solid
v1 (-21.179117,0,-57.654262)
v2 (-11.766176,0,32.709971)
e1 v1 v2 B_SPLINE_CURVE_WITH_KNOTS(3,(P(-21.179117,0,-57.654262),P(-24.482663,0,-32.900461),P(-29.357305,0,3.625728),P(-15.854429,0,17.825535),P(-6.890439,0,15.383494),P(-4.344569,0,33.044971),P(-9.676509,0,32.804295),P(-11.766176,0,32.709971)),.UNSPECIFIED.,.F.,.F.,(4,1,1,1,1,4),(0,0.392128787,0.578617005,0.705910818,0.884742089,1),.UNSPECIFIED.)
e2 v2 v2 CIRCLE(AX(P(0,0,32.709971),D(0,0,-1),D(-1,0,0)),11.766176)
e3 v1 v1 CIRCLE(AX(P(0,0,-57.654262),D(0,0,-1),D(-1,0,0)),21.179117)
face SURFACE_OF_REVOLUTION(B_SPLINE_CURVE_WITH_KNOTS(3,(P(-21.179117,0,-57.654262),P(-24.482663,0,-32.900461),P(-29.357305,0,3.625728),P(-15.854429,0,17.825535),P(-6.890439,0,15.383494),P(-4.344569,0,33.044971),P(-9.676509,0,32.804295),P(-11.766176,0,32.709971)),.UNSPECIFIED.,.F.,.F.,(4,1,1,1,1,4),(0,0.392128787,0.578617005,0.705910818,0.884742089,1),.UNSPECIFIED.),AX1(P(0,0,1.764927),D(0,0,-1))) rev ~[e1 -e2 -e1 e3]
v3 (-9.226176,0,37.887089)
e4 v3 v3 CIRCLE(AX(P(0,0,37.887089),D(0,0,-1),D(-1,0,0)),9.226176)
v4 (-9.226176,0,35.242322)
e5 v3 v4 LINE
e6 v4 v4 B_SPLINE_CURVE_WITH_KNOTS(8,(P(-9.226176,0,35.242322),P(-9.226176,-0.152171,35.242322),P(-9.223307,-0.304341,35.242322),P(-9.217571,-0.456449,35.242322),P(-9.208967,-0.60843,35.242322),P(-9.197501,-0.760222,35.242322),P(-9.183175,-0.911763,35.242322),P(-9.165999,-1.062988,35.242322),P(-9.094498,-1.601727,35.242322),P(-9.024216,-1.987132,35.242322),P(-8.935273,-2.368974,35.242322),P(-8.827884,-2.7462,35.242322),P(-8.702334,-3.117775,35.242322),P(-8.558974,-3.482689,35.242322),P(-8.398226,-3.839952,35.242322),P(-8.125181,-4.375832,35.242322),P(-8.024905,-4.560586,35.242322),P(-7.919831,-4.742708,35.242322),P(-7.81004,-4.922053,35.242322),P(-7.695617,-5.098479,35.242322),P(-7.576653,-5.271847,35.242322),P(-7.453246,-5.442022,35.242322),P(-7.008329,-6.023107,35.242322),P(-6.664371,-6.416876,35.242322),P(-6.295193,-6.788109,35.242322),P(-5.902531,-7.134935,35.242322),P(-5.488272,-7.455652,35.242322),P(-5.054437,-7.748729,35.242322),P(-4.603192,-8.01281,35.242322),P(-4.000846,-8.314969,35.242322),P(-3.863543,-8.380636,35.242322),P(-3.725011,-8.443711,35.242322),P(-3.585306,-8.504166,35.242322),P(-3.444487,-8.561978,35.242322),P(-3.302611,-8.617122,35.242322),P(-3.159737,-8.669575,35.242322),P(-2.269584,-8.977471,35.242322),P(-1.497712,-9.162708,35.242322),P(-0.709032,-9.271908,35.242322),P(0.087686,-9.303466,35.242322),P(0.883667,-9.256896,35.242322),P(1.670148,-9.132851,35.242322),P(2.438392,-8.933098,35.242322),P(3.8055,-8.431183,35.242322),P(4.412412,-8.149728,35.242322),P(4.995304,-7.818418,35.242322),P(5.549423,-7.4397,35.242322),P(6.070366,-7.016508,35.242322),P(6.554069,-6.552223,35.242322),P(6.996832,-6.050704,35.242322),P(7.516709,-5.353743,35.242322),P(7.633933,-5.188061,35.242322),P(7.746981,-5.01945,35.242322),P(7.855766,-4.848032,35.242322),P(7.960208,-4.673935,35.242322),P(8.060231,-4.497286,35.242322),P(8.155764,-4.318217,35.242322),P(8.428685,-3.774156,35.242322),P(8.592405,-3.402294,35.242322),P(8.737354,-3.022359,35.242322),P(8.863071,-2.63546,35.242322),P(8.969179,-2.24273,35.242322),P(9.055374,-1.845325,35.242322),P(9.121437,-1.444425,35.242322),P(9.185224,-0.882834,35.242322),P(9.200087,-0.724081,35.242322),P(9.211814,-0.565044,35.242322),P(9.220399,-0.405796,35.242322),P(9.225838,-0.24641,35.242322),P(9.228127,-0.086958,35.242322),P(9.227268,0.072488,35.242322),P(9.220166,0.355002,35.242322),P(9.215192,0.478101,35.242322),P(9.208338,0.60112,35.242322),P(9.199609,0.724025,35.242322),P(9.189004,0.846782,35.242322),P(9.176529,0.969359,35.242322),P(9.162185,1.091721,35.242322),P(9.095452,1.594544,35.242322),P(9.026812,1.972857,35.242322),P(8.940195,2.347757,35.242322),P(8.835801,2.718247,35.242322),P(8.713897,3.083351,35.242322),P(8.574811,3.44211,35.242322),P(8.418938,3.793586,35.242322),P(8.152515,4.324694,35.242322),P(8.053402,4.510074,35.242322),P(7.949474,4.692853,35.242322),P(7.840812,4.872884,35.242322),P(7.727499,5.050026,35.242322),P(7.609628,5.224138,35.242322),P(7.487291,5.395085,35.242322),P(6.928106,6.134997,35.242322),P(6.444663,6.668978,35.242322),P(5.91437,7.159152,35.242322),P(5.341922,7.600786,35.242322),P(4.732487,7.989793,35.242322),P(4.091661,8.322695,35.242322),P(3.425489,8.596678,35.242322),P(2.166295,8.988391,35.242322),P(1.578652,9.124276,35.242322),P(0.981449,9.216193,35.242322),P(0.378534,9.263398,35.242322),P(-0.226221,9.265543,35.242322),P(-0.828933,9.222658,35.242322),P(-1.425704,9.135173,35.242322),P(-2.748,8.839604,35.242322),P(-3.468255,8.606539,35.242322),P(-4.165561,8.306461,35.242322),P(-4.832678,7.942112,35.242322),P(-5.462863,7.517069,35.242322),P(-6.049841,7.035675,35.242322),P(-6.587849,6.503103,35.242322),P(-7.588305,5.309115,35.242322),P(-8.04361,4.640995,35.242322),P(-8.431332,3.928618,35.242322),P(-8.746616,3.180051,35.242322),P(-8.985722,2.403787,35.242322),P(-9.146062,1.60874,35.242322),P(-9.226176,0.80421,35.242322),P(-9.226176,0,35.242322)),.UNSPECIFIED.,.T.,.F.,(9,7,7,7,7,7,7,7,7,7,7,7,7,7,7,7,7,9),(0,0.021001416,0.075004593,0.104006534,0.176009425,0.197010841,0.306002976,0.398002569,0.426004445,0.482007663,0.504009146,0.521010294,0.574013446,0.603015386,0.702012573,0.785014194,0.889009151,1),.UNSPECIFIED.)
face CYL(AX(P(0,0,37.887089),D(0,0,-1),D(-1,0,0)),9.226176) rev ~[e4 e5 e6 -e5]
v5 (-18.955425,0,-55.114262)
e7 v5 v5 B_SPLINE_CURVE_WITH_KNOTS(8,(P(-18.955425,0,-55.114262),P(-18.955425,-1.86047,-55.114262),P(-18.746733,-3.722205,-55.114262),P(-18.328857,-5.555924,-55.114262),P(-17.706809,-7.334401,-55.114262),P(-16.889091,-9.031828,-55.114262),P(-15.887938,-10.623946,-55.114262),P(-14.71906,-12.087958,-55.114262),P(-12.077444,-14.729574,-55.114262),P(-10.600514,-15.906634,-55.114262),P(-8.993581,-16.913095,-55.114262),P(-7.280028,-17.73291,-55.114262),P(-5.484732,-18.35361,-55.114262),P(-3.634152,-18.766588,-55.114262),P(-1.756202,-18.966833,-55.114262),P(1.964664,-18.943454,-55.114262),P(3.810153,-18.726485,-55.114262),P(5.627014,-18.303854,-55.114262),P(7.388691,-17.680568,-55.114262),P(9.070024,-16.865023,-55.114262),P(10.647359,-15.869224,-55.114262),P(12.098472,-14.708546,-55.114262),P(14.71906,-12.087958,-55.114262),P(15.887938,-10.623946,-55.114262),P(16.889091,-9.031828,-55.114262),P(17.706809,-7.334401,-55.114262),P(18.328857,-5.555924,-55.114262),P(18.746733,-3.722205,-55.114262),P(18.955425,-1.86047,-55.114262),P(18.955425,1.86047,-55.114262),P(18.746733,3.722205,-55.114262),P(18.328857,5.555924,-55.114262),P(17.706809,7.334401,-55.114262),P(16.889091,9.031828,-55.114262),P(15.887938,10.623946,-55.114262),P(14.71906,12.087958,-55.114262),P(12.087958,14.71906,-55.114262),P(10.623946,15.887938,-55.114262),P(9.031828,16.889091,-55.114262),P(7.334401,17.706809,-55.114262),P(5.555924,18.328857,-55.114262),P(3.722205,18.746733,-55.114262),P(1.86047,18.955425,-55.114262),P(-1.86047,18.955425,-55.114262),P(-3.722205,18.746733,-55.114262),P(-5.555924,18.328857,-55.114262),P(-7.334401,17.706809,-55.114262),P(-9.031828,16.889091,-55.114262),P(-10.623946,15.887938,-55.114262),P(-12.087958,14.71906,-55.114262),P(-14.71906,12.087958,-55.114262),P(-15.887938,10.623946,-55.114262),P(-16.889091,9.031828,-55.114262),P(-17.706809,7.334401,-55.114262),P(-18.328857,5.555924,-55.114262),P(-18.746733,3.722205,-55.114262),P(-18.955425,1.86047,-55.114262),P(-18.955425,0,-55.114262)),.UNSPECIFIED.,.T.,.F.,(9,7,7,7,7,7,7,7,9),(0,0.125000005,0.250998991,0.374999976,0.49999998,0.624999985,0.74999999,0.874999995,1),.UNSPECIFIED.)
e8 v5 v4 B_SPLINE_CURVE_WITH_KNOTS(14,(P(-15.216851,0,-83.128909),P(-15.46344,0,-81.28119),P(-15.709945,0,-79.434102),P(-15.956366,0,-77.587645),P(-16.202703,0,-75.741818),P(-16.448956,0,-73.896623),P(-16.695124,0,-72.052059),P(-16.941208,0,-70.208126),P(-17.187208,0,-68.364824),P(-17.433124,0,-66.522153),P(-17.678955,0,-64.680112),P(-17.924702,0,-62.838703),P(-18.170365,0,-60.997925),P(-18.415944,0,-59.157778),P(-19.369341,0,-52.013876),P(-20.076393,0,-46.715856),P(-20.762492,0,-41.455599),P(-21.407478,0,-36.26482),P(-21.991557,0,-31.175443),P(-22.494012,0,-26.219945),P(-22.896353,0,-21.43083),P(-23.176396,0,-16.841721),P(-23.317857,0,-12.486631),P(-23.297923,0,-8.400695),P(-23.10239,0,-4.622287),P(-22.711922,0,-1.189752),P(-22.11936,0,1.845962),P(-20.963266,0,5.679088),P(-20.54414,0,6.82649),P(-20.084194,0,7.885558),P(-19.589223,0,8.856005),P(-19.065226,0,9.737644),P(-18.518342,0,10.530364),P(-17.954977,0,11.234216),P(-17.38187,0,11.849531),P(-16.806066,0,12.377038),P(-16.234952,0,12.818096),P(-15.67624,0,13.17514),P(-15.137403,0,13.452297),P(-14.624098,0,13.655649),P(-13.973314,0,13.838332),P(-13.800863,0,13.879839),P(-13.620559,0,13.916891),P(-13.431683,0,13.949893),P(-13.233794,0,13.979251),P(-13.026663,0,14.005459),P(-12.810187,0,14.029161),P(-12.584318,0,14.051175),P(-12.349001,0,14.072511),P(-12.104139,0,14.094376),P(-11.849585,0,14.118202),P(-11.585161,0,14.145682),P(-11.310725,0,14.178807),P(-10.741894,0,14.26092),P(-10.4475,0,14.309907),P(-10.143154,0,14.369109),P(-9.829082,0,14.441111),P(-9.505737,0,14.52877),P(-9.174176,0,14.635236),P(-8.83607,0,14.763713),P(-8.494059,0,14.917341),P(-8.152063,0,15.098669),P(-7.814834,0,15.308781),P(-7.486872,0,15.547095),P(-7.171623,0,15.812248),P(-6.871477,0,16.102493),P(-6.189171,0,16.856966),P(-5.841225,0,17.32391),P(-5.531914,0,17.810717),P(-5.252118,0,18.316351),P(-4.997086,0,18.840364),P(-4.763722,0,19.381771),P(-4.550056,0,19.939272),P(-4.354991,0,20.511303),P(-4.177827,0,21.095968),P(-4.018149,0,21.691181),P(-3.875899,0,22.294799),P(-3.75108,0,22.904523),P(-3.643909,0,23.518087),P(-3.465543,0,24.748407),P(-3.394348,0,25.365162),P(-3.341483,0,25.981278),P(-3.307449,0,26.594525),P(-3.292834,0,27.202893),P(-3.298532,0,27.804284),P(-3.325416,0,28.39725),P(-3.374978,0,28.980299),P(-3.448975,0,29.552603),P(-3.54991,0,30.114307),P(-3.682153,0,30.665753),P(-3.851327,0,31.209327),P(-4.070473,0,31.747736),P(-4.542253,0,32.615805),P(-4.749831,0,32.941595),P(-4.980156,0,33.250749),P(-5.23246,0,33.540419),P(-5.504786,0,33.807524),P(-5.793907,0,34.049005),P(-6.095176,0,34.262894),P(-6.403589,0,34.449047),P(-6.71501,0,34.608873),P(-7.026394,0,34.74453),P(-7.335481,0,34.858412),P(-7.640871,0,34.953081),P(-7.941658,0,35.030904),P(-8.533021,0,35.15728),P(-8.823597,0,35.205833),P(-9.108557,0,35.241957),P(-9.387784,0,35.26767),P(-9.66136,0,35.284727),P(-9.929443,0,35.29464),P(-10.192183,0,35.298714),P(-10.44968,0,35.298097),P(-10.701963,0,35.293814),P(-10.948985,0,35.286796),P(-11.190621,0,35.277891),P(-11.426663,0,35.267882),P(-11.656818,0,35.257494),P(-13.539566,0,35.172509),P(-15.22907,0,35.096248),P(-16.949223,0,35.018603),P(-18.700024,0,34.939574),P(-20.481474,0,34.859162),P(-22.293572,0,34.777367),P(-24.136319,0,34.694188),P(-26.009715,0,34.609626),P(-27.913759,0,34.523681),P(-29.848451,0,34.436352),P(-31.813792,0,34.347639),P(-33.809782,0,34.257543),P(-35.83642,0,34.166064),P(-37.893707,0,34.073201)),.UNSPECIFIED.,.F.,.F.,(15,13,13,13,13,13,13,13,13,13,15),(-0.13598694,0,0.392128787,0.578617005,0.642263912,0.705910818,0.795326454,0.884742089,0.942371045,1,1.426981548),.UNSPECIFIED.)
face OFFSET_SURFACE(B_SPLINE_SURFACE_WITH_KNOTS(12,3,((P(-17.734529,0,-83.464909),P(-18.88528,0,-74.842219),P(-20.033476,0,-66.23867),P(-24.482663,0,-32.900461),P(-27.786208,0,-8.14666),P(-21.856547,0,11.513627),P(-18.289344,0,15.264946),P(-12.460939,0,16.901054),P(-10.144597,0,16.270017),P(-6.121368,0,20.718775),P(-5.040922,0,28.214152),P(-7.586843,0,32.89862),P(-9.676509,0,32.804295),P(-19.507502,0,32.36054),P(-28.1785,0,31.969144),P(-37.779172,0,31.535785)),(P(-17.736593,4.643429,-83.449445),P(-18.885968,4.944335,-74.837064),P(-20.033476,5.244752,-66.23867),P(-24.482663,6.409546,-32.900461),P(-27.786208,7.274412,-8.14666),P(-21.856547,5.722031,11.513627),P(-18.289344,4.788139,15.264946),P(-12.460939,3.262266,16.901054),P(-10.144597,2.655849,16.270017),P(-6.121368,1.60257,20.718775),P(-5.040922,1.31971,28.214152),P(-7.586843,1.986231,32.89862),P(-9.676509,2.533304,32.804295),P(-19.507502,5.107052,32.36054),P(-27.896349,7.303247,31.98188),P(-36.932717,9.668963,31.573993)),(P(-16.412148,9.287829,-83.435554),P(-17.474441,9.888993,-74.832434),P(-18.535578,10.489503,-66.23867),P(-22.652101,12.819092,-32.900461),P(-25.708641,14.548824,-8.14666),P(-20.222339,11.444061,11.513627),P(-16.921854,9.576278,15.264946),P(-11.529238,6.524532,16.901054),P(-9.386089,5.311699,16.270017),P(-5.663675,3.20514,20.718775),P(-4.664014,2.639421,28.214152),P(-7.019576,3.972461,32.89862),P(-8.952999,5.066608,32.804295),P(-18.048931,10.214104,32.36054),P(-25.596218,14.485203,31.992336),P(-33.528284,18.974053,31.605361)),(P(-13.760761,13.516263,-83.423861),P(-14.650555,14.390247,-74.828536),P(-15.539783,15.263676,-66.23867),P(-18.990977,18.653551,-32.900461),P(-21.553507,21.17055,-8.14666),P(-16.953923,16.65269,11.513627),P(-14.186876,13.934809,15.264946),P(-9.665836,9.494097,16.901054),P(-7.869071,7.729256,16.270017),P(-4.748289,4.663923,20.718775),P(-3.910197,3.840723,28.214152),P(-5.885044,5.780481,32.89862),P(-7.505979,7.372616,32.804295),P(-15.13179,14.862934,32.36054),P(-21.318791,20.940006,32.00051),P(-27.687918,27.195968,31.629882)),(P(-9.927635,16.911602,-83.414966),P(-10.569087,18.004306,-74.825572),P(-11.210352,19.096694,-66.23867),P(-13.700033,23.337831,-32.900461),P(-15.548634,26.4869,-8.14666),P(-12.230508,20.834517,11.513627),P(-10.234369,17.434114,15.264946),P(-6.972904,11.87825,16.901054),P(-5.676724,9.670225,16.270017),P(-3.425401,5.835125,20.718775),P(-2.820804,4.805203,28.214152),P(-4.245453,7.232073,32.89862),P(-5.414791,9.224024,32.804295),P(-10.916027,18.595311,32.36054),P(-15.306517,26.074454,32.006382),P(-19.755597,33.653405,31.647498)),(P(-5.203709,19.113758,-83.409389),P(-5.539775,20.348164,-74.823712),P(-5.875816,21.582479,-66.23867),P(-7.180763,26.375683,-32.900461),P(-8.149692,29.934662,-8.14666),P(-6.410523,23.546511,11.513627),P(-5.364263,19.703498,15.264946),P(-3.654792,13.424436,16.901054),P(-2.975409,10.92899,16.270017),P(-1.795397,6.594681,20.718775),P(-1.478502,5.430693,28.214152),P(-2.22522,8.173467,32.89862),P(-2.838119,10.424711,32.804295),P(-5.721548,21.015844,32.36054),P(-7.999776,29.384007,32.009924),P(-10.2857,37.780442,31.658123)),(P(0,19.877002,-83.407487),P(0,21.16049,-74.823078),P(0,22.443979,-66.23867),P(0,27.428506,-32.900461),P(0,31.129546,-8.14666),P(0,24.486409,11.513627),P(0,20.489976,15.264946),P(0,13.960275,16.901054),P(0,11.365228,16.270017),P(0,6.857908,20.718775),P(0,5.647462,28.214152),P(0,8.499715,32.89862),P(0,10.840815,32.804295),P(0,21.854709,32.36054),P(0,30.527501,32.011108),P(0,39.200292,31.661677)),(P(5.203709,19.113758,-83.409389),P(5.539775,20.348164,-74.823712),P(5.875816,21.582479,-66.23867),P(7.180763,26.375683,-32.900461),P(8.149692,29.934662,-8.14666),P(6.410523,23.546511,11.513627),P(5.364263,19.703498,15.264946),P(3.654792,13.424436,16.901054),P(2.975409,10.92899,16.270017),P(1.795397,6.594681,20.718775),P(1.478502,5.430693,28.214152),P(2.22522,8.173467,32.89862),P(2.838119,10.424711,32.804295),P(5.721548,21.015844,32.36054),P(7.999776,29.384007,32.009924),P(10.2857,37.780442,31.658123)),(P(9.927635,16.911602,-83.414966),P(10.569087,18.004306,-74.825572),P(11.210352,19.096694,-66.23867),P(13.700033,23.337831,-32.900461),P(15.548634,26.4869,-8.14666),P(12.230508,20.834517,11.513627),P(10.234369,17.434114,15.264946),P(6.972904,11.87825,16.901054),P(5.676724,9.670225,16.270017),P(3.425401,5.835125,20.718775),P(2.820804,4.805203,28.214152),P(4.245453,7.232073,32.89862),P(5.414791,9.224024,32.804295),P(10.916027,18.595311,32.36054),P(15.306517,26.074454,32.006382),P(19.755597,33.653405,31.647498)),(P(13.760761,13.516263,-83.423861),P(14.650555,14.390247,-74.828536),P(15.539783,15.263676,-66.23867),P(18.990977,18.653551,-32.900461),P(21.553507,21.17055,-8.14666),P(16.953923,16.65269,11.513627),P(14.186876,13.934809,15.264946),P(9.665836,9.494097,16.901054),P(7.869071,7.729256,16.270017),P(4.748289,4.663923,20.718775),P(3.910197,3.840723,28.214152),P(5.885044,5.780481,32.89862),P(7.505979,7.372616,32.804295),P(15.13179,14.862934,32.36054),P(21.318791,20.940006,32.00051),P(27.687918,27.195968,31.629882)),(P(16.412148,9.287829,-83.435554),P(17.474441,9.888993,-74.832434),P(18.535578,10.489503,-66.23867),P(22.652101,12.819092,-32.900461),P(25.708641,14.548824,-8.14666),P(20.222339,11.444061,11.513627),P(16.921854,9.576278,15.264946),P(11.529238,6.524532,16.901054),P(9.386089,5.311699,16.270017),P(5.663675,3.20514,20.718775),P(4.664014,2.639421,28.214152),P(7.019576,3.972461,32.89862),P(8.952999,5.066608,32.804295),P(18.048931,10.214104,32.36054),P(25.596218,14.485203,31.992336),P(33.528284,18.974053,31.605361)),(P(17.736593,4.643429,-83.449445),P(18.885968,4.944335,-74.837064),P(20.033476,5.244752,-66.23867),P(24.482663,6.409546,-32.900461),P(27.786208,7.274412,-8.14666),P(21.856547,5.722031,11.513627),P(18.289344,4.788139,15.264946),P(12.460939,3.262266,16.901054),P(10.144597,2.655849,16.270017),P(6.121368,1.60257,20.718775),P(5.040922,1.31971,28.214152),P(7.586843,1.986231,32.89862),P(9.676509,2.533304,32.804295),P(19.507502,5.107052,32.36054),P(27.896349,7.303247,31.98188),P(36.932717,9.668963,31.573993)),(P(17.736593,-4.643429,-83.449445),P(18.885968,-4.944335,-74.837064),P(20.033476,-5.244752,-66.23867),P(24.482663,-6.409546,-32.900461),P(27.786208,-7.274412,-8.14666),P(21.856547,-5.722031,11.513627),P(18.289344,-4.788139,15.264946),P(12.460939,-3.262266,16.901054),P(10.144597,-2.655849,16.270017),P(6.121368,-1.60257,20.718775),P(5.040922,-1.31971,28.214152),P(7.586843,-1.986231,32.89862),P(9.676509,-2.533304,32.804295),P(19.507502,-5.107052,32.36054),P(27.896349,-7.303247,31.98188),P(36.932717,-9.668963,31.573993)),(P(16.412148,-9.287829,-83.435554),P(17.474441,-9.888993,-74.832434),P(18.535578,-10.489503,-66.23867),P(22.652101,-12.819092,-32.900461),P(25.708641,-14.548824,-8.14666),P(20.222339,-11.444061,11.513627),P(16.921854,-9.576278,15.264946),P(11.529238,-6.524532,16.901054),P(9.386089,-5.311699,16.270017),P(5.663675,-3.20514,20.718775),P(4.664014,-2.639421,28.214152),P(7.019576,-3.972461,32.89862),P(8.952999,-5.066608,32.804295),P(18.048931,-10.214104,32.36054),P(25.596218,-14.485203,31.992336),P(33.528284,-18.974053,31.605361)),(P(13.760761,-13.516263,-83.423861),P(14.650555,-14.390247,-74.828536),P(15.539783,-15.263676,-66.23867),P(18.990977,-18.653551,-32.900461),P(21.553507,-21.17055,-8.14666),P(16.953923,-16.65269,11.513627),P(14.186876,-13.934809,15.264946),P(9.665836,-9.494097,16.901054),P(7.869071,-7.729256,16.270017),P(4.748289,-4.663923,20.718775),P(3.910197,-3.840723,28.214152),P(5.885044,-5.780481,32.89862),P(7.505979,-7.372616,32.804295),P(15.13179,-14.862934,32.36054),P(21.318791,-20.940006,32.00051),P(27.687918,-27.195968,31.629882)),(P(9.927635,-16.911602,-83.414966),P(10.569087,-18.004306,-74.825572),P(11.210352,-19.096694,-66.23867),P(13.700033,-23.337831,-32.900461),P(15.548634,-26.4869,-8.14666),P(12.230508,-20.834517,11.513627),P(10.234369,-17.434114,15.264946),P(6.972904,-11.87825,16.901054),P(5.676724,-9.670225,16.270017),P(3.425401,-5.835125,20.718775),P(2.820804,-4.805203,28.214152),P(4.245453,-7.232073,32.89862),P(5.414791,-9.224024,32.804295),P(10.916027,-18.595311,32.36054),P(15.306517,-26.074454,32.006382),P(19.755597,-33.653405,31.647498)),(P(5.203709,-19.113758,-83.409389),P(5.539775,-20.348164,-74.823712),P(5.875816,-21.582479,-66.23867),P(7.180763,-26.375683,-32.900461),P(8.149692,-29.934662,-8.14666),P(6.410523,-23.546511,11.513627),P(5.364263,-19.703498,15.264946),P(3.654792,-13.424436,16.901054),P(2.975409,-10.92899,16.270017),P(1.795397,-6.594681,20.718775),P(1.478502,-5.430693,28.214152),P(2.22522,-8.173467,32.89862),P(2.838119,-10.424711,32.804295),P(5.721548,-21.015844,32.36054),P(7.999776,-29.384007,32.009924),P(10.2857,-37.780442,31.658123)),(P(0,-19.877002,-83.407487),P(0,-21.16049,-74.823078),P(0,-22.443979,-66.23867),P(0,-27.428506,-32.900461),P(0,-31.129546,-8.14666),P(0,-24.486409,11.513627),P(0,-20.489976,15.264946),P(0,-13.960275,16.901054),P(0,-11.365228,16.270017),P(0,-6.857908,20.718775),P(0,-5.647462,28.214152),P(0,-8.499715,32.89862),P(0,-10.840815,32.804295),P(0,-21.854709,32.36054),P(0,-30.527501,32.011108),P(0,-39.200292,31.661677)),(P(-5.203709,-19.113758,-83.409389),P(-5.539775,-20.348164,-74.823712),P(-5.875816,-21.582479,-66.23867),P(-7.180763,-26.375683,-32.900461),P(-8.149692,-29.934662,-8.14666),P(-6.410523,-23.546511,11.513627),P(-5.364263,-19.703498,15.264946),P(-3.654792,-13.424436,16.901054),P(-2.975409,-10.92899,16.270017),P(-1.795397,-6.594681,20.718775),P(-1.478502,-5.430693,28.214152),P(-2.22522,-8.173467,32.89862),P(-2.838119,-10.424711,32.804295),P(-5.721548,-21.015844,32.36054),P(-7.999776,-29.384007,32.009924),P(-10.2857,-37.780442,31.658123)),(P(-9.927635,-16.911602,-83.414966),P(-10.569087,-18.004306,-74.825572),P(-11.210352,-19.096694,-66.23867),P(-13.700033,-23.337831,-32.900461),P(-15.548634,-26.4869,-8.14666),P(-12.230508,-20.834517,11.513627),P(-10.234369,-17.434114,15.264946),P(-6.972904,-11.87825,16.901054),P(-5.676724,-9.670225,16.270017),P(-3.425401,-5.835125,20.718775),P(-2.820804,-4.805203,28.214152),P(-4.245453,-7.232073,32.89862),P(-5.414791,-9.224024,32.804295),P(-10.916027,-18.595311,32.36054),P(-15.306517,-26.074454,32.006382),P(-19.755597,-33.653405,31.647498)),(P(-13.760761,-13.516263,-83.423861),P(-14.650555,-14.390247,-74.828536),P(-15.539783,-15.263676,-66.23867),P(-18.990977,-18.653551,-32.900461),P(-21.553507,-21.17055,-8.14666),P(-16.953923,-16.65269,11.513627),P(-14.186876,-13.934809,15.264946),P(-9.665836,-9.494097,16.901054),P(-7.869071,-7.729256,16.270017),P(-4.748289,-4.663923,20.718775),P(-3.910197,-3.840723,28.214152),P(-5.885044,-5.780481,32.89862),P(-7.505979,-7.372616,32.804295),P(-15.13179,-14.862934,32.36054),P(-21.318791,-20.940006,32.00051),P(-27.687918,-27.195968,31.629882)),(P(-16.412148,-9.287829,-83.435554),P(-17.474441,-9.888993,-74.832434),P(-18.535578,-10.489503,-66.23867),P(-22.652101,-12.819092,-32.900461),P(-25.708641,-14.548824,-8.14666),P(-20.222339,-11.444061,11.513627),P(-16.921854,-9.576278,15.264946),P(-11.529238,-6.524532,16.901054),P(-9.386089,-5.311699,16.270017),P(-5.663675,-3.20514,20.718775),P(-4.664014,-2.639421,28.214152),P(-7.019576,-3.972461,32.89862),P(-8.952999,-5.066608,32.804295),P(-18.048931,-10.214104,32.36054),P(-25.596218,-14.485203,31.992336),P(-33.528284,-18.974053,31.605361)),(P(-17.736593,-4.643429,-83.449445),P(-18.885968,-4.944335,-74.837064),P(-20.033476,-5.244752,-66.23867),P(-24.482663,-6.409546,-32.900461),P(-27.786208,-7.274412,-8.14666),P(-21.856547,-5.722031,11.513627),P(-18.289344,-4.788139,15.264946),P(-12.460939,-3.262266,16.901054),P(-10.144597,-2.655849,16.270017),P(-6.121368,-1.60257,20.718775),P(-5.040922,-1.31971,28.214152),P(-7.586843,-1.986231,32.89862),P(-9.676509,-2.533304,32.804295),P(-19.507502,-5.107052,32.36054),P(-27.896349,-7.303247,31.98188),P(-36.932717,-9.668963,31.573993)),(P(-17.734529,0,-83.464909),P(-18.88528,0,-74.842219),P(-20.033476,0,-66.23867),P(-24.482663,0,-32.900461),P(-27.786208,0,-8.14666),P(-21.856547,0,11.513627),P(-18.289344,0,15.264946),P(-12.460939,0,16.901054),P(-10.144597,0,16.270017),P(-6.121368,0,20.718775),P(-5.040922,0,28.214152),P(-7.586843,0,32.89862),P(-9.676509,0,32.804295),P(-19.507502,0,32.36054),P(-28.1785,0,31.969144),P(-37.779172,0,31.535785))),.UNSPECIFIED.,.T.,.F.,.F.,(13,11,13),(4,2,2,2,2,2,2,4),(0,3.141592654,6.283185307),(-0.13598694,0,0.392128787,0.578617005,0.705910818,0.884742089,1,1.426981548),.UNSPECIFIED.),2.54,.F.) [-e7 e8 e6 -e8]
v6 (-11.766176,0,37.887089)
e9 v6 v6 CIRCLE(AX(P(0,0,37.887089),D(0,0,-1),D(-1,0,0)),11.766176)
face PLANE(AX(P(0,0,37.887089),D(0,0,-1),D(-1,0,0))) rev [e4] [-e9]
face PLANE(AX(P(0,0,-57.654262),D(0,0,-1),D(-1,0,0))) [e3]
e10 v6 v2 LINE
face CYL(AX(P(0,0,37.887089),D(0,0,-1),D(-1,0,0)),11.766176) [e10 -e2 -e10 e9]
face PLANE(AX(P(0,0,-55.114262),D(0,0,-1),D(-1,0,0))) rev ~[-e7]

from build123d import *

# Parameters (mm, degrees)
F2_T = -2.54


with BuildPart() as f1:
    # F0 (on Front) → F1 (revolve)
    with BuildSketch(Plane.XZ):
        with BuildLine():
            Line((0, -57.6542615891), (0, 37.8870889544))
            Line((0, 37.8870889544), (-11.7661757395, 37.8870889544))
            Line((-11.7661757395, 37.8870889544), (-11.7661757395, 32.7099710703))
            add(Edge.make_bspline(
                [(-21.1791172624, -57.6542615891), (-24.4826626465, -32.9004607817), (-29.3573048502, 3.6257279301), (-15.8544292839, 17.8255351803), (-6.8904386983, 15.3834937393), (-4.3445686604, 33.0449708678), (-9.6765091911, 32.8042953673), (-11.7661757395, 32.7099710703)],
                knots=[0, 0, 0, 0, 0.3921287874, 0.578617005, 0.7059108184, 0.8847420894, 1, 1, 1, 1], degree=3))
            Line((-21.1791172624, -57.6542615891), (0, -57.6542615891))
        make_face()
    revolve(axis=Axis((0, 0, 1.7649270594), (0, 0, -1)))

    # F2
    f2_openings = [f1.faces().sort_by_distance(p)[0] for p in [
        (0, 0, 37.887089),
    ]]
    offset(amount=F2_T, openings=f2_openings, kind=Kind.INTERSECTION)


solid = f1.part
